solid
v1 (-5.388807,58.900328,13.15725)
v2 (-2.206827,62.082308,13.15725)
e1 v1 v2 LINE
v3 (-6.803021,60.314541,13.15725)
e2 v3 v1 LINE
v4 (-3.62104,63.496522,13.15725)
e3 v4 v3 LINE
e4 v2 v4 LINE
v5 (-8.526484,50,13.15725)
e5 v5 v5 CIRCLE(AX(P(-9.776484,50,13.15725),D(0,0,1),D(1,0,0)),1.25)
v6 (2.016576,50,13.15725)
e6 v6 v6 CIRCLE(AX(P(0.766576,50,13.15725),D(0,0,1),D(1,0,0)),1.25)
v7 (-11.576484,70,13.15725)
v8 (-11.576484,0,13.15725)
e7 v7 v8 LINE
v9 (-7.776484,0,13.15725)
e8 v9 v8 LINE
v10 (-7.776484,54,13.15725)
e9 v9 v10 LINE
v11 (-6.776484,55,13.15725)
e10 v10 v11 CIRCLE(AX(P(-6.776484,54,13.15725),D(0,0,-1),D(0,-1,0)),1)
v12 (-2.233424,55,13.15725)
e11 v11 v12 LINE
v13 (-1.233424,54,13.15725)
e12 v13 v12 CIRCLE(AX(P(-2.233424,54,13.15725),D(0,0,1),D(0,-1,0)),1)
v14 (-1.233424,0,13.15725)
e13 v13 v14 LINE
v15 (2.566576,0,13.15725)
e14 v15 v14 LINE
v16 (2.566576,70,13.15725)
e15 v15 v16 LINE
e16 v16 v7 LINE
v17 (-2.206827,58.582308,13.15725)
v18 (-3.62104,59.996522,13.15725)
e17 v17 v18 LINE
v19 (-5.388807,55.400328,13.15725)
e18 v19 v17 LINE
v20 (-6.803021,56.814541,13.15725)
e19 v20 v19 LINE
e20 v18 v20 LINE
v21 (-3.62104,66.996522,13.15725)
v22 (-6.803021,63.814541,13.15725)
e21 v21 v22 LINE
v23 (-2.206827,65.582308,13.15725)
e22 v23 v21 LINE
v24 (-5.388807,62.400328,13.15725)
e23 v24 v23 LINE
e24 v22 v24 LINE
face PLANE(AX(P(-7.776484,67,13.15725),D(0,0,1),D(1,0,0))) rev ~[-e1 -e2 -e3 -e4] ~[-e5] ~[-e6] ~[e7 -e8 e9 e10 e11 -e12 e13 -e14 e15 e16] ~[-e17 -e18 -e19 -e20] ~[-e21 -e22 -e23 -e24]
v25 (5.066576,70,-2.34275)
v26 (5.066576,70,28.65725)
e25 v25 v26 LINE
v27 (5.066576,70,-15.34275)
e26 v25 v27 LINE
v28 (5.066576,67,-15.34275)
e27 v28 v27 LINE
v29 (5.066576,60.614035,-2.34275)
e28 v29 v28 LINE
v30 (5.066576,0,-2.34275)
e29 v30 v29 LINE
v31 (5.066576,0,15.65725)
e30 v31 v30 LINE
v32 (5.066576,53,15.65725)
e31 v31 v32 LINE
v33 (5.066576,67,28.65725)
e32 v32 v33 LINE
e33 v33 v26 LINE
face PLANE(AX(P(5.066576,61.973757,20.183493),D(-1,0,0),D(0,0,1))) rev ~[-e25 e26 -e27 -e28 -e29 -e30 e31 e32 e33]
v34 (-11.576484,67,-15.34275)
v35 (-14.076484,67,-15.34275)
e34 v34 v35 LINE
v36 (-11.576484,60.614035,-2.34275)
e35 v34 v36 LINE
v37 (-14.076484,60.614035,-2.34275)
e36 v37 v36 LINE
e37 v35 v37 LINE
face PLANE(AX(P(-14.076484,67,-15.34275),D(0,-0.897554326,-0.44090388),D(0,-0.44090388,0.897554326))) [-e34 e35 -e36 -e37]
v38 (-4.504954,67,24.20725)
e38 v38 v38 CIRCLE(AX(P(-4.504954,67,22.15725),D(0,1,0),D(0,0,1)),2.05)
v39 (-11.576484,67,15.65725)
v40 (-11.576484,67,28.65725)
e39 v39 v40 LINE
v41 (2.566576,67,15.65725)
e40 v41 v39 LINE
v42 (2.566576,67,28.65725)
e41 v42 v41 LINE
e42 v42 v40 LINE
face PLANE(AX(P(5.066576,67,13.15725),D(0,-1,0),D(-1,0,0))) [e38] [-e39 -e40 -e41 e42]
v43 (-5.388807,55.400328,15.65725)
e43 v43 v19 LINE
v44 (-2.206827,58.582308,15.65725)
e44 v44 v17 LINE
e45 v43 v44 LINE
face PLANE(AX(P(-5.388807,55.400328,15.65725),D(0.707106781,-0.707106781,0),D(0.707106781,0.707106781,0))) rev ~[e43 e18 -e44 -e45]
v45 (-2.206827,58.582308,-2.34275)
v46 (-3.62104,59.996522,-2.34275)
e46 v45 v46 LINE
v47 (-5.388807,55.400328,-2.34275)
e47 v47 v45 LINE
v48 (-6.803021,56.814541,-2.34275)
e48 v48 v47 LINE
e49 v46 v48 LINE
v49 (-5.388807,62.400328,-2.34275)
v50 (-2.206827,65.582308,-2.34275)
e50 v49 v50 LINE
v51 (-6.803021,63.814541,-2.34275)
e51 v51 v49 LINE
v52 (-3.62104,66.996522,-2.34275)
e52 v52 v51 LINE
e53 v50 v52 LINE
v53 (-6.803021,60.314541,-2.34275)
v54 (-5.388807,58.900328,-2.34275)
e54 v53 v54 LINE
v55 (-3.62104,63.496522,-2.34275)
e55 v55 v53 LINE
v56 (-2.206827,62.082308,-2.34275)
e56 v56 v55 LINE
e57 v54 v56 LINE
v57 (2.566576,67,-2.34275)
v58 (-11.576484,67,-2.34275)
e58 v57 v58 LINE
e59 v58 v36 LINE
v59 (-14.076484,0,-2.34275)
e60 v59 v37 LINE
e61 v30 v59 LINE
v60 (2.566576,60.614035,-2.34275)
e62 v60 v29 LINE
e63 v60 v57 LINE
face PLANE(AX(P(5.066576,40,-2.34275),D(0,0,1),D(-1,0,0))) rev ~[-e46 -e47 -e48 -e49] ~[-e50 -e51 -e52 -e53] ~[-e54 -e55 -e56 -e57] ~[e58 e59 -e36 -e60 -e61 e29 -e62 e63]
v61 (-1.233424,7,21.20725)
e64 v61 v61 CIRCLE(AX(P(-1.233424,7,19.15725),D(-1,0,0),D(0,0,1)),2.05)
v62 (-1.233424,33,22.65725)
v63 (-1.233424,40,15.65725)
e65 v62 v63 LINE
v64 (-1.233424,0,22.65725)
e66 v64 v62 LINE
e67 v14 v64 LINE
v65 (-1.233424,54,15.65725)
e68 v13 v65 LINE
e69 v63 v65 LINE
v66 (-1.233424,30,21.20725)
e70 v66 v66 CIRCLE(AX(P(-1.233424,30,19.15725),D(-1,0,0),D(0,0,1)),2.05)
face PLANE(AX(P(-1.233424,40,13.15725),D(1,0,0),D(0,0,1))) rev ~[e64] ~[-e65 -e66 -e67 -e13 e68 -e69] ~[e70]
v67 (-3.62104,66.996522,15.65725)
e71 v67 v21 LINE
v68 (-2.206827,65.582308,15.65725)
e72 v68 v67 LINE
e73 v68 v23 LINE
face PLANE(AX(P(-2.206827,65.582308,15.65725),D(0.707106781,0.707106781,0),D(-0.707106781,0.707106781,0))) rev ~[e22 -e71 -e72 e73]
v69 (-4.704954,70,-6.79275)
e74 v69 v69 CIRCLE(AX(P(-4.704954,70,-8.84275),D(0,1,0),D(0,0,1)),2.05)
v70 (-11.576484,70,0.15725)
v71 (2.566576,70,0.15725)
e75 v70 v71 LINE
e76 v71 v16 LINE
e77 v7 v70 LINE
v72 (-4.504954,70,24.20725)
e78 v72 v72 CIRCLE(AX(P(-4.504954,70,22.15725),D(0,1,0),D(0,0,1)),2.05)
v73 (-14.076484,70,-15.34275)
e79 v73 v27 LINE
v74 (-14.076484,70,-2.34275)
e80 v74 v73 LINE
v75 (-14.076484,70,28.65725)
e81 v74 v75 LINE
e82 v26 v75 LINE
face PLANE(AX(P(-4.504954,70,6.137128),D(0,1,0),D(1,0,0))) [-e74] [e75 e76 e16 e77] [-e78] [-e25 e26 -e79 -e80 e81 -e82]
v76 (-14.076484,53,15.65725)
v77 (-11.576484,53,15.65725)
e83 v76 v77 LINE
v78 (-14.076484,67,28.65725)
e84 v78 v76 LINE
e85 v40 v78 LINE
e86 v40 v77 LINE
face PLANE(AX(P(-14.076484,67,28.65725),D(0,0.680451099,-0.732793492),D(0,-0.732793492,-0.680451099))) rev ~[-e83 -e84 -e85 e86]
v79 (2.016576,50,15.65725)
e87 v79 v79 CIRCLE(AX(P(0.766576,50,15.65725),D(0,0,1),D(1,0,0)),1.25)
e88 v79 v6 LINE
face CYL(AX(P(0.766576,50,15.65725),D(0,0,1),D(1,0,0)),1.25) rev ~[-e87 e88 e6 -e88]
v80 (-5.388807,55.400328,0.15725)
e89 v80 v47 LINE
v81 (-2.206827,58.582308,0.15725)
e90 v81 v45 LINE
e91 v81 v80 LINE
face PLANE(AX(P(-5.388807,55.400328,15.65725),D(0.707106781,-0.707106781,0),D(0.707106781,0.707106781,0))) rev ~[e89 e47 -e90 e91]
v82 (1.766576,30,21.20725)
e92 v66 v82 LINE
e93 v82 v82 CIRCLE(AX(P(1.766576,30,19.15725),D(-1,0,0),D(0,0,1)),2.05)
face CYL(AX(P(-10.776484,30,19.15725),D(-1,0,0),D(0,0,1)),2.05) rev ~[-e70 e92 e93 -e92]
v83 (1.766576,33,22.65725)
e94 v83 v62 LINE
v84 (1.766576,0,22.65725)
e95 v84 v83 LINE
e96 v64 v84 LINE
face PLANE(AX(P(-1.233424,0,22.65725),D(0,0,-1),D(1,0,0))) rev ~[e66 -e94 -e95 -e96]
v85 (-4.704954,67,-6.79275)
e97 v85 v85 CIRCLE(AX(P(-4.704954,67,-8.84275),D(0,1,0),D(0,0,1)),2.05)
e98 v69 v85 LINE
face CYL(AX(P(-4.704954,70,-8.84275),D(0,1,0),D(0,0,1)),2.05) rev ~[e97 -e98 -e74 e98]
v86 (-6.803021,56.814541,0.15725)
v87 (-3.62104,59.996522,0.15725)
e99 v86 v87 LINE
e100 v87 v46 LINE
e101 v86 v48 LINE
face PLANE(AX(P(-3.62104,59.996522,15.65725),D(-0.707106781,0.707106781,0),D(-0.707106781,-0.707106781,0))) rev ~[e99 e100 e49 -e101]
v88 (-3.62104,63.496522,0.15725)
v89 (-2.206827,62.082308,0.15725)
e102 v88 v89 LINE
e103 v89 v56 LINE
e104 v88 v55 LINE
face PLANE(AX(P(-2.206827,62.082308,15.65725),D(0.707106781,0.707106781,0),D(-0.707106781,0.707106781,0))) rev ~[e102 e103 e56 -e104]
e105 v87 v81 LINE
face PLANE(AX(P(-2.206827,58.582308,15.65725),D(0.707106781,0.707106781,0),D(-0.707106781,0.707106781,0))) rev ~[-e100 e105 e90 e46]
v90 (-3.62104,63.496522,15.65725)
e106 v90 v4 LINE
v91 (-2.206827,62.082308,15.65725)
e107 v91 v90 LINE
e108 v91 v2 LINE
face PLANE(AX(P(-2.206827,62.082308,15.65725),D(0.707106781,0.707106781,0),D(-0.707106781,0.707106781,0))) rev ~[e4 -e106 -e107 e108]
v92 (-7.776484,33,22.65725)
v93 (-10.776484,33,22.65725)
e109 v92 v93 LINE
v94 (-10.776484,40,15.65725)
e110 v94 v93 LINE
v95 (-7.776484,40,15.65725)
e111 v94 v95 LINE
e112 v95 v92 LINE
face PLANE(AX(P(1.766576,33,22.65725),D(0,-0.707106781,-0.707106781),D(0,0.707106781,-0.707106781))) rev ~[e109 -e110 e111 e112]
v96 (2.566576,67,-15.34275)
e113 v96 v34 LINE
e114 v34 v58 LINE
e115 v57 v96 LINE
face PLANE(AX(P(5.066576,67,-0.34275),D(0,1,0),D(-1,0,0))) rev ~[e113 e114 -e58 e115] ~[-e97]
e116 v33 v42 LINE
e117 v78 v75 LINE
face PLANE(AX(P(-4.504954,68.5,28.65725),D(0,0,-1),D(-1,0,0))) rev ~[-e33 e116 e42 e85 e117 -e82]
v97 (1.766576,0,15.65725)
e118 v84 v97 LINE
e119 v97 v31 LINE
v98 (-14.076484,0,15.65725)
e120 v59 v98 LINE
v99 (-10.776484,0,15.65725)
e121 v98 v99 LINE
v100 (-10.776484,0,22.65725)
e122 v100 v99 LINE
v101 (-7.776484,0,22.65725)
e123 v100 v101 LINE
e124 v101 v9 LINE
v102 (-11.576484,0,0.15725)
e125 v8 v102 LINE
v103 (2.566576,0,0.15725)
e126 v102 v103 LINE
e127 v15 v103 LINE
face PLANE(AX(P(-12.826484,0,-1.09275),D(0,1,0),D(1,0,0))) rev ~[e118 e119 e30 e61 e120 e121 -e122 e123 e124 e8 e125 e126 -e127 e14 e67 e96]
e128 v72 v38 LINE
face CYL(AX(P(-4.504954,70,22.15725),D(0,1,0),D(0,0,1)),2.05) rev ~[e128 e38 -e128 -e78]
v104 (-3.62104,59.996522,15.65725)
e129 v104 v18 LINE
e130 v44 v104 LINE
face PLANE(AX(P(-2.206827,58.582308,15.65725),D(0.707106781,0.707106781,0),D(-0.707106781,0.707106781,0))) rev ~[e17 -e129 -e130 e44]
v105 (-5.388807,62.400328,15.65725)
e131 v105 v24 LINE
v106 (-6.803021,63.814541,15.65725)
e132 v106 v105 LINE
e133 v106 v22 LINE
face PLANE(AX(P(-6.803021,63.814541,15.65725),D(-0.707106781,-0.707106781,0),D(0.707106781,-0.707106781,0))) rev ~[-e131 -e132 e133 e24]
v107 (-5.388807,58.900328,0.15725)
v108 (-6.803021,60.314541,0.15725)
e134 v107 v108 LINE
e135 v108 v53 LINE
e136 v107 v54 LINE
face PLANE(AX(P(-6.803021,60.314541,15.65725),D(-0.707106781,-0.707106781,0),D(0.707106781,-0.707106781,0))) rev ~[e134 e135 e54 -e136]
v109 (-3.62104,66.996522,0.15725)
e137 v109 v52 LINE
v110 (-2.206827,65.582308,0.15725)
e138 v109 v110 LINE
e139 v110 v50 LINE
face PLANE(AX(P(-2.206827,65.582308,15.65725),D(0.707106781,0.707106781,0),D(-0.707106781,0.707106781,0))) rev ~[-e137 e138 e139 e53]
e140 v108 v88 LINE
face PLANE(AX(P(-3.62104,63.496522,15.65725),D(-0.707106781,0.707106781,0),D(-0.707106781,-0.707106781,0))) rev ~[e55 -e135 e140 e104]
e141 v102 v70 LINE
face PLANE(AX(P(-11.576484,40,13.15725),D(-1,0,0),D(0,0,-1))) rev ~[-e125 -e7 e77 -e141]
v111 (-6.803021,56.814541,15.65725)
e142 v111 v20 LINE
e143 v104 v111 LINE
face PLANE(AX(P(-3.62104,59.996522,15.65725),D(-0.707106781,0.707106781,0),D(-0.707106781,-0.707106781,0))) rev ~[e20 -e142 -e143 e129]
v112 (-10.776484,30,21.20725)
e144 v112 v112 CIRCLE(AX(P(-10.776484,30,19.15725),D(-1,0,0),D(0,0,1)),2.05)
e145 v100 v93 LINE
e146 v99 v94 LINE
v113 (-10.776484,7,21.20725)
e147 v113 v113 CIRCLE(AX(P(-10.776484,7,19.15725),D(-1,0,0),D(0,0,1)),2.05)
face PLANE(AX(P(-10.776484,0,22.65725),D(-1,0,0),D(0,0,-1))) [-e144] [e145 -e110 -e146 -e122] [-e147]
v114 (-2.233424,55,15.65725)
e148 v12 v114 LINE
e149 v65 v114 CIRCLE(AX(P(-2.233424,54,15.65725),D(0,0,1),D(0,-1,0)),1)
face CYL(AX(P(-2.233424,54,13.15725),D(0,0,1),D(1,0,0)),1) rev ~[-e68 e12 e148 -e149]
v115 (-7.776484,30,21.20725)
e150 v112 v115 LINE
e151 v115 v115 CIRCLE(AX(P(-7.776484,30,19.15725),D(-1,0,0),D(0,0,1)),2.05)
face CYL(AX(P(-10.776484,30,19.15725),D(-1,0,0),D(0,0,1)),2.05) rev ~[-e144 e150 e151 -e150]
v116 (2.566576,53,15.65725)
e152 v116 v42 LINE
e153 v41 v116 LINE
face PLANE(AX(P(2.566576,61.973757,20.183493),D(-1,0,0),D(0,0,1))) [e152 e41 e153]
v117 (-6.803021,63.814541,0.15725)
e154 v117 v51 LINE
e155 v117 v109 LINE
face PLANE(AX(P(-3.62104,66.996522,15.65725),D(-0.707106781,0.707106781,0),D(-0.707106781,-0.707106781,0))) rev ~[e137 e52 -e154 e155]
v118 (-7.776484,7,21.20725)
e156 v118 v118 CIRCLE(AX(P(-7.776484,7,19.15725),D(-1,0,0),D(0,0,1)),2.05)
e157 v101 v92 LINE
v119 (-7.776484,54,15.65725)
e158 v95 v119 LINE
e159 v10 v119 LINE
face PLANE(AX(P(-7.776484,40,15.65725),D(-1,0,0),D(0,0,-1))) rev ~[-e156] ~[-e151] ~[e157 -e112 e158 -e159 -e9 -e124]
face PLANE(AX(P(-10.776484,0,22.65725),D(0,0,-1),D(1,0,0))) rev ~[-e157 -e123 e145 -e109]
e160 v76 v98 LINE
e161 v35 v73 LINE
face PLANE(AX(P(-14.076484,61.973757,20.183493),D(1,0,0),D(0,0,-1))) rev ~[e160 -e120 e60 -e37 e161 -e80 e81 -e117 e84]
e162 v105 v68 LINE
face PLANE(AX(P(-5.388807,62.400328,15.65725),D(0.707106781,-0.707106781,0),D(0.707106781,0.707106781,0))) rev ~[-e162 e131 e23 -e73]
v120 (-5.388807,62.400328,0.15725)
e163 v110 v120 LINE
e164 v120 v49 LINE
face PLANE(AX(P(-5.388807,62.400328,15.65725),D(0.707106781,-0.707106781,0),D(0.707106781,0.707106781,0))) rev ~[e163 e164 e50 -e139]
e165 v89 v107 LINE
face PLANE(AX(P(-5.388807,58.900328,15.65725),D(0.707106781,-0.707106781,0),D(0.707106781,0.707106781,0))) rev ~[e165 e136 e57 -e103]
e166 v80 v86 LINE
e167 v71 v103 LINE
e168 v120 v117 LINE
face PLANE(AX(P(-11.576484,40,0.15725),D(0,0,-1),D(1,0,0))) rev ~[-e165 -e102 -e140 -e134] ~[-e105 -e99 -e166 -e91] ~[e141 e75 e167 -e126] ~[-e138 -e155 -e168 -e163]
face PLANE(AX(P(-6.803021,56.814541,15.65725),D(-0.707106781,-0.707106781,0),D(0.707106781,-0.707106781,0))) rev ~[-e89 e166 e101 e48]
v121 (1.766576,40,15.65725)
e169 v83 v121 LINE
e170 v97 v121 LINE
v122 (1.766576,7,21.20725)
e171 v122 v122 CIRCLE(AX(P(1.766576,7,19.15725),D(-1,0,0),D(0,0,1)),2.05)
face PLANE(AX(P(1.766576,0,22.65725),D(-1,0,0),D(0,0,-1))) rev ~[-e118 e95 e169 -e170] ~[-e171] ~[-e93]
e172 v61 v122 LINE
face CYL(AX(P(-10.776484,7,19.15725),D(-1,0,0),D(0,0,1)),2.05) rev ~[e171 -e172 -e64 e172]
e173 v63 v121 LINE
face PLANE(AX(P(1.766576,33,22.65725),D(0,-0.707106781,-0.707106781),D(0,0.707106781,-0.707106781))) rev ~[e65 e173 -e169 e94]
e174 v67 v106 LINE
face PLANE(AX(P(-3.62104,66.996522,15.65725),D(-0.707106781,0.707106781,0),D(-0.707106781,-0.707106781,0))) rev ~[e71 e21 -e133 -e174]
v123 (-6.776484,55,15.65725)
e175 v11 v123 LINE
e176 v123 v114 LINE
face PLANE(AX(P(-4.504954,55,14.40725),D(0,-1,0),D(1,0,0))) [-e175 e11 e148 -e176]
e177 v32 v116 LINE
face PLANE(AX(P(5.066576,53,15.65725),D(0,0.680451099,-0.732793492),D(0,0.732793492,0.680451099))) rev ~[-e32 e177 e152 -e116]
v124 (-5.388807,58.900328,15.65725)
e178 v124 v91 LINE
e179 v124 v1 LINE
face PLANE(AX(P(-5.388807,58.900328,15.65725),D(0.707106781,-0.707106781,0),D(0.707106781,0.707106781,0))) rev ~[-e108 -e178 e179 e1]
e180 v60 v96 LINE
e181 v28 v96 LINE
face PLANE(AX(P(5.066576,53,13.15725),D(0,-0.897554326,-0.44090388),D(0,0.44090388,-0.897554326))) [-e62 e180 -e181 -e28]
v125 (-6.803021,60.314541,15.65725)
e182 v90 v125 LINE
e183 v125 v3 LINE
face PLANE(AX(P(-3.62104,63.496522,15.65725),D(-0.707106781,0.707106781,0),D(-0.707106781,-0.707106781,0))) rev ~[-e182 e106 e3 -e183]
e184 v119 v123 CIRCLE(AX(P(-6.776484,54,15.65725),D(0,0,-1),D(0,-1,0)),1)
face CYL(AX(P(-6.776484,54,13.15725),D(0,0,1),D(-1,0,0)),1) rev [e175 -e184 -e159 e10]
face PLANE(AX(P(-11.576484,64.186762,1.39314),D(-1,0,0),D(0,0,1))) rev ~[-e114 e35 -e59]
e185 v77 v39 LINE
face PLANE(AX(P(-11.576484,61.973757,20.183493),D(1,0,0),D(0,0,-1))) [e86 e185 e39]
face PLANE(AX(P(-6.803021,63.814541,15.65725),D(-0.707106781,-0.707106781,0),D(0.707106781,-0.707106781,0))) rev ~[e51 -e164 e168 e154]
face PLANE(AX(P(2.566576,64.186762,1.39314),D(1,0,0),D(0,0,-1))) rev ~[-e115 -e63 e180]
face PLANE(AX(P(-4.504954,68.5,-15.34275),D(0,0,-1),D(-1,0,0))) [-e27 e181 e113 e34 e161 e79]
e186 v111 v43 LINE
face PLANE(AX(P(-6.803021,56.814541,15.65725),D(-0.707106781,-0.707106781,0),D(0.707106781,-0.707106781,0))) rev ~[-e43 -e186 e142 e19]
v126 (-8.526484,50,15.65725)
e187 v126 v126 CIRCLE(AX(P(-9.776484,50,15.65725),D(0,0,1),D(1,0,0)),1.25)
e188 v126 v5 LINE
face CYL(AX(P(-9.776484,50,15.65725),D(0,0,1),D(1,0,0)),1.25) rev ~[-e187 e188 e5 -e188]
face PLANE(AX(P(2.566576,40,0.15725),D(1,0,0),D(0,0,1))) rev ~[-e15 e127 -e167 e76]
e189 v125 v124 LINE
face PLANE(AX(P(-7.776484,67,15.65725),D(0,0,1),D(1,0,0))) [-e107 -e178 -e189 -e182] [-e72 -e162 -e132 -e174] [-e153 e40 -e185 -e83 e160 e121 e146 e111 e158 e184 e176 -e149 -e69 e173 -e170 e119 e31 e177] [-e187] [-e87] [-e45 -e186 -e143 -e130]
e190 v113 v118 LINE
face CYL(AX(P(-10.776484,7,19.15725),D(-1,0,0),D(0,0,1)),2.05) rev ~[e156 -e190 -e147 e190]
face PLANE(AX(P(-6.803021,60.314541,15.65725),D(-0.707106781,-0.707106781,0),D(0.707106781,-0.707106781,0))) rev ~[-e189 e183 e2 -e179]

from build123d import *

# Parameters (mm, degrees)
SKETCH2_W                = 2.5
SKETCH2_H                = 2.5
SKETCH2_W_2              = 14.143059905
SKETCH2_H_2              = 13
SKETCH2_W_3              = 3
SKETCH2_H_3              = 7
BOSS_EXTRUDE1_DEPTH      = 40
SKETCH3_R                = 2.05
CUT_EXTRUDE2_DEPTH       = 40
BOSS_EXTRUDE11_DEPTH     = 30
SKETCH16_R               = 1.25
CUT_EXTRUDE9_DEPTH       = 3.5
SKETCH17_R               = 1.25
CUT_EXTRUDE10_DEPTH      = 3.5
SKETCH18_W               = 19.143059905
SKETCH18_H               = 3
BOSS_EXTRUDE4_DEPTH      = 15.5
BOSS_EXTRUDE5_DEPTH      = 13
BOSS_EXTRUDE5_DEPTH_BACK = 2
SKETCH19_W               = 19.143059905
SKETCH19_H               = 3
BOSS_EXTRUDE6_DEPTH      = 2.5
BOSS_EXTRUDE8_DEPTH      = 2.5
BOSS_EXTRUDE9_DEPTH      = 2.5
BOSS_EXTRUDE10_DEPTH     = 2.5
SKETCH25_R               = 2.05
CUT_EXTRUDE12_DEPTH      = 3.5
SKETCH27_W               = 6.543059905
SKETCH27_H               = 2.5
BOSS_EXTRUDE12_DEPTH     = 12
FILLET1_R                = 1
CUT_EXTRUDE13_DEPTH      = 78.840525416
CUT_EXTRUDE14_DEPTH      = 78.280272448


with BuildPart() as part:
    # Sketch2 → Boss-Extrude1 (new body)
    with BuildSketch(Plane(origin=(0, 0, 0), x_dir=(1, 0, 0), z_dir=(0, 1, 0))):
        with Locations((-12.826483829, 1.092750264)):
            Rectangle(SKETCH2_W, SKETCH2_H)
        with Locations((-4.504953877, 1.092750264)):
            Rectangle(SKETCH2_W_2, SKETCH2_H)
        with Locations((-12.826483829, -6.657249736)):
            Rectangle(SKETCH2_W, SKETCH2_H_2)
        with Locations((3.816576076, 1.092750264)):
            Rectangle(SKETCH2_W, SKETCH2_H)
        Polygon((-11.576483829, -13.157249736), (-14.076483829, -13.157249736), (-14.076483829, -15.657249736), (-10.776483829, -15.657249736), (-7.776483829, -15.657249736), (-7.776483829, -13.157249736), align=None)
        with Locations((3.816576076, -6.657249736)):
            Rectangle(SKETCH2_W, SKETCH2_H_2)
        Polygon((5.066576076, -13.157249736), (2.566576076, -13.157249736), (-1.233423924, -13.157249736), (-1.233423924, -15.657249736), (1.766576076, -15.657249736), (5.066576076, -15.657249736), align=None)
        with Locations((-9.276483829, -19.157249736)):
            Rectangle(SKETCH2_W_3, SKETCH2_H_3)
        with Locations((0.266576076, -19.157249736)):
            Rectangle(SKETCH2_W_3, SKETCH2_H_3)
    extrude(amount=BOSS_EXTRUDE1_DEPTH)

    # Sketch3 → Cut-Extrude2 (cut)
    with BuildSketch(Plane.ZY.offset(10.776483829)):
        with Locations((19.157249736, 30)):
            Circle(SKETCH3_R)
        with Locations((19.157249736, 7)):
            Circle(SKETCH3_R)
    extrude(amount=-CUT_EXTRUDE2_DEPTH, mode=Mode.SUBTRACT)

    # Sketch26 → Boss-Extrude11 (add)
    with BuildSketch(Plane(origin=(0, 40, 0), x_dir=(1, 0, 0), z_dir=(0, 1, 0))):
        Polygon((-1.233423924, -15.657249736), (1.766576076, -15.657249736), (5.066576076, -15.657249736), (5.066576076, 2.342750264), (-14.076483829, 2.342750264), (-14.076483829, -15.657249736), (-7.776483829, -15.657249736), (-7.776483829, -13.157249736), (-11.576483829, -13.157249736), (-11.576483829, -0.157249736), (2.566576076, -0.157249736), (2.566576076, -13.157249736), (-1.233423924, -13.157249736), align=None)
    extrude(amount=BOSS_EXTRUDE11_DEPTH)

    # Sketch16 → Cut-Extrude9 (cut)
    with BuildSketch(Plane.XY.offset(15.657249736)):
        with Locations((-9.776483829, 50)):
            Circle(SKETCH16_R)
    extrude(amount=-CUT_EXTRUDE9_DEPTH, mode=Mode.SUBTRACT)

    # Sketch17 → Cut-Extrude10 (cut)
    with BuildSketch(Plane.XY.offset(15.657249736)):
        with Locations((0.766576076, 50)):
            Circle(SKETCH17_R)
    extrude(amount=-CUT_EXTRUDE10_DEPTH, mode=Mode.SUBTRACT)

    # Sketch18 → Boss-Extrude4 (add)
    with BuildSketch(Plane(origin=(0, 0, 13.157249736), x_dir=(-1, 0, 0), z_dir=(0, 0, -1))):
        with Locations((4.504953877, 68.5)):
            Rectangle(SKETCH18_W, SKETCH18_H)
    extrude(amount=-BOSS_EXTRUDE4_DEPTH)

    # Sketch19 → Boss-Extrude5 (add, two sides: drawn at the far end of the back side and taken through both)
    with BuildSketch(Plane(origin=(0, 0, -2.342750264), x_dir=(-1, 0, 0), z_dir=(0, 0, -1)).offset(-BOSS_EXTRUDE5_DEPTH_BACK)):
        with Locations((4.504953877, 68.5)):
            Rectangle(SKETCH19_W, SKETCH19_H)
    extrude(amount=BOSS_EXTRUDE5_DEPTH + BOSS_EXTRUDE5_DEPTH_BACK)

    # Sketch21 → Boss-Extrude6 (add)
    with BuildSketch(Plane.ZY.offset(14.076483829)):
        Polygon((28.657249736, 67), (15.657249736, 53), (15.657249736, 67), align=None)
    extrude(amount=-BOSS_EXTRUDE6_DEPTH)

    # Sketch22 → Boss-Extrude8 (add)
    with BuildSketch(Plane(origin=(5.066576076, 0, 0), x_dir=(0, 0, -1), z_dir=(1, 0, 0))):
        Polygon((-28.657249736, 67), (-15.657249736, 67), (-15.657249736, 53), align=None)
    extrude(amount=-BOSS_EXTRUDE8_DEPTH)

    # Sketch23 → Boss-Extrude9 (add)
    with BuildSketch(Plane(origin=(5.066576076, 0, 0), x_dir=(0, 0, -1), z_dir=(1, 0, 0))):
        Polygon((-13.157249736, 70), (-13.157249736, 53), (15.342750264, 67), (15.342750264, 70), align=None)
    extrude(amount=-BOSS_EXTRUDE9_DEPTH)

    # Sketch24 → Boss-Extrude10 (add)
    with BuildSketch(Plane.ZY.offset(14.076483829)):
        Polygon((13.157249736, 70), (-15.342750264, 70), (-15.342750264, 67), (13.157249736, 53), align=None)
    extrude(amount=-BOSS_EXTRUDE10_DEPTH)

    # Sketch25 → Cut-Extrude12 (cut)
    with BuildSketch(Plane(origin=(0, 70, 0), x_dir=(1, 0, 0), z_dir=(0, 1, 0))):
        with Locations(Location((-4.704953829, 8.842750264, 0), (0, 0, 270))):
            Circle(SKETCH25_R)
        with Locations(Location((-4.504953767, -22.157249736, 0), (0, 0, 270))):
            Circle(SKETCH25_R)
    extrude(amount=-CUT_EXTRUDE12_DEPTH, mode=Mode.SUBTRACT)

    # Sketch27 → Boss-Extrude12 (add)
    with BuildSketch(Plane.XZ.offset(-67)):
        with Locations((-4.504953877, 14.407249736)):
            Rectangle(SKETCH27_W, SKETCH27_H)
    extrude(amount=BOSS_EXTRUDE12_DEPTH)

    # Fillet1
    fillet1_edges = [part.edges().sort_by_distance(p)[0] for p in [
        (-1.233423924, 55, 14.407249736),
        (-7.776483829, 55, 14.407249736),
    ]]
    fillet(fillet1_edges, radius=FILLET1_R)

    # Sketch28 → Cut-Extrude13 (cut, through all)
    with BuildSketch(Plane.XY.offset(15.657249736)):
        Polygon((-3.621040447, 66.996521667), (-6.803020962, 63.814541152), (-5.3888074, 62.40032759), (-2.206826885, 65.582308105), align=None)
        Polygon((-3.621040447, 63.496521667), (-6.803020962, 60.314541152), (-5.3888074, 58.90032759), (-2.206826885, 62.082308105), align=None)
        Polygon((-3.621040447, 59.996521667), (-6.803020962, 56.814541152), (-5.3888074, 55.40032759), (-2.206826885, 58.582308105), align=None)
    extrude(amount=-CUT_EXTRUDE13_DEPTH, mode=Mode.SUBTRACT)

    # Sketch29 → Cut-Extrude14 (cut, through all)
    with BuildSketch(Plane(origin=(1.766576076, 0, 0), x_dir=(0, 0, -1), z_dir=(1, 0, 0))):
        Polygon((-15.657249736, 40), (-22.657249736, 40), (-22.657249736, 33), align=None)
    extrude(amount=-CUT_EXTRUDE14_DEPTH, mode=Mode.SUBTRACT)


solid = part.part
